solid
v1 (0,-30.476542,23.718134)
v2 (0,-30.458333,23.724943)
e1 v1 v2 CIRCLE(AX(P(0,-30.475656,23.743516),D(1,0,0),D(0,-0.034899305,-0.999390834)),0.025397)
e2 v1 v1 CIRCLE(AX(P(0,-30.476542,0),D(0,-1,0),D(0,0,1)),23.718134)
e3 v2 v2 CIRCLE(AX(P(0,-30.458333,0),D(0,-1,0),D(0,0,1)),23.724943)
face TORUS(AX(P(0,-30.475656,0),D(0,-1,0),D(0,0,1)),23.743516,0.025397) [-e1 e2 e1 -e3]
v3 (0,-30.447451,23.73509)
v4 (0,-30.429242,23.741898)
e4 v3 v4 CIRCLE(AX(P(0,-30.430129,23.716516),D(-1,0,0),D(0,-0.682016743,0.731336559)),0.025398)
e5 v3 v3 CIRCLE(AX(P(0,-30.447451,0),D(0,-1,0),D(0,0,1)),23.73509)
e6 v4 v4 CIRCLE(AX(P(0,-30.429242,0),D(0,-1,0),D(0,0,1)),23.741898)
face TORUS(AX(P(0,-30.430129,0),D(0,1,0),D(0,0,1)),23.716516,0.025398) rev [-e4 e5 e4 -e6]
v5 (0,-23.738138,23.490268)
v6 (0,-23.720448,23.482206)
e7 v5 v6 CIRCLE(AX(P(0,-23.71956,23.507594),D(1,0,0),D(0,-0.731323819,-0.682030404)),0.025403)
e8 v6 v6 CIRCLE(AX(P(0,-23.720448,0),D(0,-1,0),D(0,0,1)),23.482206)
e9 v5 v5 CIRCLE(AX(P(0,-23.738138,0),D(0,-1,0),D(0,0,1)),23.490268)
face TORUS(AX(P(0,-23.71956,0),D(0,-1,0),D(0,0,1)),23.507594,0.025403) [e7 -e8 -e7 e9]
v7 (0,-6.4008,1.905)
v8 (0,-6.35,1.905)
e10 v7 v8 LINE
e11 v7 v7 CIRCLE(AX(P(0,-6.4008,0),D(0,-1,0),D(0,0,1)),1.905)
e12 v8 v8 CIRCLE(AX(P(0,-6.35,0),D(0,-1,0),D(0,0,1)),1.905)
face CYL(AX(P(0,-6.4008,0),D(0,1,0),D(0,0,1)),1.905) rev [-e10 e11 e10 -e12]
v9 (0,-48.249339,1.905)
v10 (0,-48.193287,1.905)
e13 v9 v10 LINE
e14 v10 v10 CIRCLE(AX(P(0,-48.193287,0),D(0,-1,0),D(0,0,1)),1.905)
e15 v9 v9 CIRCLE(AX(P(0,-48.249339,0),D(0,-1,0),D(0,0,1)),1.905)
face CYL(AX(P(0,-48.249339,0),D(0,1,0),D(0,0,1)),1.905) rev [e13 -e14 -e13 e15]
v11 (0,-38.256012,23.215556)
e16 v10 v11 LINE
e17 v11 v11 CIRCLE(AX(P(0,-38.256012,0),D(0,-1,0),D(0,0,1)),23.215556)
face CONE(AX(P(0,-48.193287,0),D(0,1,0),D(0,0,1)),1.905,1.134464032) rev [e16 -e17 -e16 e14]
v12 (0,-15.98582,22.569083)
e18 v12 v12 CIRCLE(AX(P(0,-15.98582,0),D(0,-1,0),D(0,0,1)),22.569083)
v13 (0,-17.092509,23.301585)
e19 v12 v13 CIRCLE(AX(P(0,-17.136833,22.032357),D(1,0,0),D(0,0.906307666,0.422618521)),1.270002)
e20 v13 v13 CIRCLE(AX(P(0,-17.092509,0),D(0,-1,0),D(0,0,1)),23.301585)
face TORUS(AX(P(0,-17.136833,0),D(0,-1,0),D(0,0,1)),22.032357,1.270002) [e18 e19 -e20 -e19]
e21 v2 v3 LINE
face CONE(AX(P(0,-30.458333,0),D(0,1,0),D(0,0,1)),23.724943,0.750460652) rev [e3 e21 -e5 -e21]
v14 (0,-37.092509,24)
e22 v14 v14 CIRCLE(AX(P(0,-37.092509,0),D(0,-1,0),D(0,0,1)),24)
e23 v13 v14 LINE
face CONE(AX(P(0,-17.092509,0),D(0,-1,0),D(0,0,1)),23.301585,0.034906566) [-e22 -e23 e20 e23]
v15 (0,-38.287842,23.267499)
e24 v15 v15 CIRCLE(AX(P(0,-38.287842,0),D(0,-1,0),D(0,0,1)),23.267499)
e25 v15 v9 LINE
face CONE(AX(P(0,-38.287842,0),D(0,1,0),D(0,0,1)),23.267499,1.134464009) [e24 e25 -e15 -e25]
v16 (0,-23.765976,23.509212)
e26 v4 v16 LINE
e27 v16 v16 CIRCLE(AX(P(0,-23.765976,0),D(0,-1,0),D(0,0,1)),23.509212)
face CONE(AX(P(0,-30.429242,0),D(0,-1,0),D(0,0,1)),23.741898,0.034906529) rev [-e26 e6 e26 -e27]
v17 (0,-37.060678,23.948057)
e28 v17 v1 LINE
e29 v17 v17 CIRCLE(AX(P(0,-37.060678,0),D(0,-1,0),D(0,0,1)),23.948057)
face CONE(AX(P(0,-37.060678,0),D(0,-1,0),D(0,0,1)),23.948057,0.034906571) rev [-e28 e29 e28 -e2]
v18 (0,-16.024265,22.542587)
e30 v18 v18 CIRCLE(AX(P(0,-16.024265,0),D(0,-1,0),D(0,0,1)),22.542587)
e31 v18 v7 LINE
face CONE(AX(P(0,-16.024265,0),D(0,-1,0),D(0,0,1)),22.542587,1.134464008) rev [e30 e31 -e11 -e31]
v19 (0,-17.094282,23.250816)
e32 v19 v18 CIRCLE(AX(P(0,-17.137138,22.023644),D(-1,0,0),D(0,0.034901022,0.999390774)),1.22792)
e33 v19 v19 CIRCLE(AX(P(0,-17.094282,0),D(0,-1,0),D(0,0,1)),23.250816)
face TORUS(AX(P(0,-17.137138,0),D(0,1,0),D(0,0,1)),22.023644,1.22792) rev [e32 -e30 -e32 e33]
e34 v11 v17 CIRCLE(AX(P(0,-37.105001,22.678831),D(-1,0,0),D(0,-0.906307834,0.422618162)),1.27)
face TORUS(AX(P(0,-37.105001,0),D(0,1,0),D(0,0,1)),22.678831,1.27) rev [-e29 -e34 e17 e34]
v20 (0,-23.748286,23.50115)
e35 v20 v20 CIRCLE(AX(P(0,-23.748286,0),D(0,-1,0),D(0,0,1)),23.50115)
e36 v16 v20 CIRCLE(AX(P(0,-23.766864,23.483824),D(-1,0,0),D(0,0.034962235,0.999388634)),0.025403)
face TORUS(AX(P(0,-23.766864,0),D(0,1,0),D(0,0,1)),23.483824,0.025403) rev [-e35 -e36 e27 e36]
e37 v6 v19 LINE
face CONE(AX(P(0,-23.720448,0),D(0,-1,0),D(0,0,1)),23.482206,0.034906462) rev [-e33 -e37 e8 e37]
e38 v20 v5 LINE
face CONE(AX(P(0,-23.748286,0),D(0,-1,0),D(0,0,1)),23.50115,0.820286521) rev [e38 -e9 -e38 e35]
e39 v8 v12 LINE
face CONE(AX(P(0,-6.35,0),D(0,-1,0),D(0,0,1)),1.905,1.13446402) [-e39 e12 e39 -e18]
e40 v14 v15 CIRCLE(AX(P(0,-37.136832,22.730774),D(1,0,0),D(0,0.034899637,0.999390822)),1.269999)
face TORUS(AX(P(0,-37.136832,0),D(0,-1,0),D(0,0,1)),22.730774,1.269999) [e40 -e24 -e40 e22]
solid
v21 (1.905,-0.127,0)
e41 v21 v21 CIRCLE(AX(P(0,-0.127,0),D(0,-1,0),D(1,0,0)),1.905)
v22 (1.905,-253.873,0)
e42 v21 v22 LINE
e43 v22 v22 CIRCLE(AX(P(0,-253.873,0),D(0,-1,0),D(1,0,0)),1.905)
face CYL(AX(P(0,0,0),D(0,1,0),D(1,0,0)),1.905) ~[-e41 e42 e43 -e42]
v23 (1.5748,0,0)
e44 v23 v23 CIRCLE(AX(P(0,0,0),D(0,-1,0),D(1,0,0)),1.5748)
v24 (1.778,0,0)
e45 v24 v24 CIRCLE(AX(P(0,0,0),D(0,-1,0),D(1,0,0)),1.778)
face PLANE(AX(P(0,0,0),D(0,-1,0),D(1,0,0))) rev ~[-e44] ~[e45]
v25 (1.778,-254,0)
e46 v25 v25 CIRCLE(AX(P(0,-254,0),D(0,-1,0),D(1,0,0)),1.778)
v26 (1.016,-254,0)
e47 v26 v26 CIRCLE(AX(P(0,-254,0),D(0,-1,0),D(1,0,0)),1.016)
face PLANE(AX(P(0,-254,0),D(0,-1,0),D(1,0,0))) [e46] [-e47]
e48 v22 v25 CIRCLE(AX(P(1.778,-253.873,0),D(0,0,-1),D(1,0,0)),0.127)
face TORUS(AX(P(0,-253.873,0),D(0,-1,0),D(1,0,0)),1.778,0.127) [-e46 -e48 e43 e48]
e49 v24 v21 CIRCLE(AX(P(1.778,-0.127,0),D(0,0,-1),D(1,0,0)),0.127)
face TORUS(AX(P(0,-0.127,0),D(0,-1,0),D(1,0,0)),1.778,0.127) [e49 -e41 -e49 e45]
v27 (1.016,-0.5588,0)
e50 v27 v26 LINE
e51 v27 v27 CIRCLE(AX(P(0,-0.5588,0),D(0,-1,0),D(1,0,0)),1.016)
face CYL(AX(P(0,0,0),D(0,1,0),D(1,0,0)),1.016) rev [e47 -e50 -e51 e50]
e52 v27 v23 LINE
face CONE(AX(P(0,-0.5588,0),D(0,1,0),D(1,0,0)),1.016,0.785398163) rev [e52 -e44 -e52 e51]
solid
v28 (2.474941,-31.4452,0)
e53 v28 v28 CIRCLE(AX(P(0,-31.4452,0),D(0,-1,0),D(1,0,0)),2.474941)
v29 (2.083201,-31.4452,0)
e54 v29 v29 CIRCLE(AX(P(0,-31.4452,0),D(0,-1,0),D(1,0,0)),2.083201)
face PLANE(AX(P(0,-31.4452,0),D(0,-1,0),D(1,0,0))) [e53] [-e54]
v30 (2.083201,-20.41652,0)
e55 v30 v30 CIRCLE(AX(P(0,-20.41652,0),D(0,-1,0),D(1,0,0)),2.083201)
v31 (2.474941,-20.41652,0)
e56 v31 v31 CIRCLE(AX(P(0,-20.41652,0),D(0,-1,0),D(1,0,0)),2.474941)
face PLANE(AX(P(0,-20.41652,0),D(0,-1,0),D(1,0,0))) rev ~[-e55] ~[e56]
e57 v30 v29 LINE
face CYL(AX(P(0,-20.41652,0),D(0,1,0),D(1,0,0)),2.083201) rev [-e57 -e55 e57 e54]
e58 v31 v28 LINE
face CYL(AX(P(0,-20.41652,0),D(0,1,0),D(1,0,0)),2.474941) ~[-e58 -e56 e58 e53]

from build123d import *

# Parameters (mm, degrees)
F0_R      = 1.905
F0_R_2    = 1.016
F1_DEPTH  = 254
F2_SIZE   = 0.5588
F3_R      = 0.127
F4_R      = 0.127
F12_R     = 2.474941
F12_R_2   = 2.083201
F13_DEPTH = 11.02868


with BuildPart() as f1:
    # F0 (on Front) → F1 (new body)
    with BuildSketch(Plane.XZ):
        Circle(F0_R)
        Circle(F0_R_2, mode=Mode.SUBTRACT)
    extrude(amount=F1_DEPTH)

    # F2
    f2_edges = [f1.edges().sort_by_distance(p)[0] for p in [
        (-1.016, 0, 0),
    ]]
    chamfer(f2_edges, length=F2_SIZE)

    # F3
    f3_edges = [f1.edges().sort_by_distance(p)[0] for p in [
        (-1.905, 0, 0),
    ]]
    fillet(f3_edges, radius=F3_R)

    # F4
    f4_edges = [f1.edges().sort_by_distance(p)[0] for p in [
        (-1.905, -254, 0),
    ]]
    fillet(f4_edges, radius=F4_R)


with BuildPart() as f7:
    # F6 (on Right) → F7 (revolve)
    with BuildSketch(Plane.YZ):
        with BuildLine():
            Line((-38.287842, 23.267499), (-48.249339, 1.905))
            Line((-48.249339, 1.905), (-48.193287, 1.905))
            Line((-48.193287, 1.905), (-38.256012, 23.215556))
            ThreePointArc((-38.256012, 23.215556), (-37.768574, 23.761684), (-37.060678, 23.948057))
            Line((-37.060678, 23.948057), (-30.476542, 23.718134))
            ThreePointArc((-30.476542, 23.718134), (-30.466761, 23.719727), (-30.458333, 23.724943))
            Line((-30.458333, 23.724943), (-30.447451, 23.73509))
            ThreePointArc((-30.447451, 23.73509), (-30.439024, 23.740305), (-30.429242, 23.741898))
            Line((-30.429242, 23.741898), (-23.765976, 23.509212))
            ThreePointArc((-23.765976, 23.509212), (-23.756329, 23.50694), (-23.748286, 23.50115))
            Line((-23.748286, 23.50115), (-23.738138, 23.490268))
            ThreePointArc((-23.738138, 23.490268), (-23.730095, 23.484478), (-23.720448, 23.482206))
            Line((-23.720448, 23.482206), (-17.094282, 23.250816))
            ThreePointArc((-17.094282, 23.250816), (-16.459403, 23.047589), (-16.024265, 22.542587))
            Line((-16.024265, 22.542587), (-6.4008, 1.905))
            Line((-6.4008, 1.905), (-6.35, 1.905))
            Line((-6.35, 1.905), (-15.98582, 22.569083))
            ThreePointArc((-15.98582, 22.569083), (-16.435871, 23.091393), (-17.092509, 23.301585))
            Line((-17.092509, 23.301585), (-37.092509, 24))
            ThreePointArc((-37.092509, 24), (-37.800404, 23.813627), (-38.287842, 23.267499))
        make_face()
    revolve(axis=Axis((0, -159.145489, 0), (0, -1, 0)))


with BuildPart() as f13:
    # F12 (on offset) → F13 (new body, through all)
    with BuildSketch(Plane.XZ.offset(20.41652)):
        Circle(F12_R)
        Circle(F12_R_2, mode=Mode.SUBTRACT)
    extrude(amount=F13_DEPTH)


solid = Compound([f1.part, f7.part, f13.part])
